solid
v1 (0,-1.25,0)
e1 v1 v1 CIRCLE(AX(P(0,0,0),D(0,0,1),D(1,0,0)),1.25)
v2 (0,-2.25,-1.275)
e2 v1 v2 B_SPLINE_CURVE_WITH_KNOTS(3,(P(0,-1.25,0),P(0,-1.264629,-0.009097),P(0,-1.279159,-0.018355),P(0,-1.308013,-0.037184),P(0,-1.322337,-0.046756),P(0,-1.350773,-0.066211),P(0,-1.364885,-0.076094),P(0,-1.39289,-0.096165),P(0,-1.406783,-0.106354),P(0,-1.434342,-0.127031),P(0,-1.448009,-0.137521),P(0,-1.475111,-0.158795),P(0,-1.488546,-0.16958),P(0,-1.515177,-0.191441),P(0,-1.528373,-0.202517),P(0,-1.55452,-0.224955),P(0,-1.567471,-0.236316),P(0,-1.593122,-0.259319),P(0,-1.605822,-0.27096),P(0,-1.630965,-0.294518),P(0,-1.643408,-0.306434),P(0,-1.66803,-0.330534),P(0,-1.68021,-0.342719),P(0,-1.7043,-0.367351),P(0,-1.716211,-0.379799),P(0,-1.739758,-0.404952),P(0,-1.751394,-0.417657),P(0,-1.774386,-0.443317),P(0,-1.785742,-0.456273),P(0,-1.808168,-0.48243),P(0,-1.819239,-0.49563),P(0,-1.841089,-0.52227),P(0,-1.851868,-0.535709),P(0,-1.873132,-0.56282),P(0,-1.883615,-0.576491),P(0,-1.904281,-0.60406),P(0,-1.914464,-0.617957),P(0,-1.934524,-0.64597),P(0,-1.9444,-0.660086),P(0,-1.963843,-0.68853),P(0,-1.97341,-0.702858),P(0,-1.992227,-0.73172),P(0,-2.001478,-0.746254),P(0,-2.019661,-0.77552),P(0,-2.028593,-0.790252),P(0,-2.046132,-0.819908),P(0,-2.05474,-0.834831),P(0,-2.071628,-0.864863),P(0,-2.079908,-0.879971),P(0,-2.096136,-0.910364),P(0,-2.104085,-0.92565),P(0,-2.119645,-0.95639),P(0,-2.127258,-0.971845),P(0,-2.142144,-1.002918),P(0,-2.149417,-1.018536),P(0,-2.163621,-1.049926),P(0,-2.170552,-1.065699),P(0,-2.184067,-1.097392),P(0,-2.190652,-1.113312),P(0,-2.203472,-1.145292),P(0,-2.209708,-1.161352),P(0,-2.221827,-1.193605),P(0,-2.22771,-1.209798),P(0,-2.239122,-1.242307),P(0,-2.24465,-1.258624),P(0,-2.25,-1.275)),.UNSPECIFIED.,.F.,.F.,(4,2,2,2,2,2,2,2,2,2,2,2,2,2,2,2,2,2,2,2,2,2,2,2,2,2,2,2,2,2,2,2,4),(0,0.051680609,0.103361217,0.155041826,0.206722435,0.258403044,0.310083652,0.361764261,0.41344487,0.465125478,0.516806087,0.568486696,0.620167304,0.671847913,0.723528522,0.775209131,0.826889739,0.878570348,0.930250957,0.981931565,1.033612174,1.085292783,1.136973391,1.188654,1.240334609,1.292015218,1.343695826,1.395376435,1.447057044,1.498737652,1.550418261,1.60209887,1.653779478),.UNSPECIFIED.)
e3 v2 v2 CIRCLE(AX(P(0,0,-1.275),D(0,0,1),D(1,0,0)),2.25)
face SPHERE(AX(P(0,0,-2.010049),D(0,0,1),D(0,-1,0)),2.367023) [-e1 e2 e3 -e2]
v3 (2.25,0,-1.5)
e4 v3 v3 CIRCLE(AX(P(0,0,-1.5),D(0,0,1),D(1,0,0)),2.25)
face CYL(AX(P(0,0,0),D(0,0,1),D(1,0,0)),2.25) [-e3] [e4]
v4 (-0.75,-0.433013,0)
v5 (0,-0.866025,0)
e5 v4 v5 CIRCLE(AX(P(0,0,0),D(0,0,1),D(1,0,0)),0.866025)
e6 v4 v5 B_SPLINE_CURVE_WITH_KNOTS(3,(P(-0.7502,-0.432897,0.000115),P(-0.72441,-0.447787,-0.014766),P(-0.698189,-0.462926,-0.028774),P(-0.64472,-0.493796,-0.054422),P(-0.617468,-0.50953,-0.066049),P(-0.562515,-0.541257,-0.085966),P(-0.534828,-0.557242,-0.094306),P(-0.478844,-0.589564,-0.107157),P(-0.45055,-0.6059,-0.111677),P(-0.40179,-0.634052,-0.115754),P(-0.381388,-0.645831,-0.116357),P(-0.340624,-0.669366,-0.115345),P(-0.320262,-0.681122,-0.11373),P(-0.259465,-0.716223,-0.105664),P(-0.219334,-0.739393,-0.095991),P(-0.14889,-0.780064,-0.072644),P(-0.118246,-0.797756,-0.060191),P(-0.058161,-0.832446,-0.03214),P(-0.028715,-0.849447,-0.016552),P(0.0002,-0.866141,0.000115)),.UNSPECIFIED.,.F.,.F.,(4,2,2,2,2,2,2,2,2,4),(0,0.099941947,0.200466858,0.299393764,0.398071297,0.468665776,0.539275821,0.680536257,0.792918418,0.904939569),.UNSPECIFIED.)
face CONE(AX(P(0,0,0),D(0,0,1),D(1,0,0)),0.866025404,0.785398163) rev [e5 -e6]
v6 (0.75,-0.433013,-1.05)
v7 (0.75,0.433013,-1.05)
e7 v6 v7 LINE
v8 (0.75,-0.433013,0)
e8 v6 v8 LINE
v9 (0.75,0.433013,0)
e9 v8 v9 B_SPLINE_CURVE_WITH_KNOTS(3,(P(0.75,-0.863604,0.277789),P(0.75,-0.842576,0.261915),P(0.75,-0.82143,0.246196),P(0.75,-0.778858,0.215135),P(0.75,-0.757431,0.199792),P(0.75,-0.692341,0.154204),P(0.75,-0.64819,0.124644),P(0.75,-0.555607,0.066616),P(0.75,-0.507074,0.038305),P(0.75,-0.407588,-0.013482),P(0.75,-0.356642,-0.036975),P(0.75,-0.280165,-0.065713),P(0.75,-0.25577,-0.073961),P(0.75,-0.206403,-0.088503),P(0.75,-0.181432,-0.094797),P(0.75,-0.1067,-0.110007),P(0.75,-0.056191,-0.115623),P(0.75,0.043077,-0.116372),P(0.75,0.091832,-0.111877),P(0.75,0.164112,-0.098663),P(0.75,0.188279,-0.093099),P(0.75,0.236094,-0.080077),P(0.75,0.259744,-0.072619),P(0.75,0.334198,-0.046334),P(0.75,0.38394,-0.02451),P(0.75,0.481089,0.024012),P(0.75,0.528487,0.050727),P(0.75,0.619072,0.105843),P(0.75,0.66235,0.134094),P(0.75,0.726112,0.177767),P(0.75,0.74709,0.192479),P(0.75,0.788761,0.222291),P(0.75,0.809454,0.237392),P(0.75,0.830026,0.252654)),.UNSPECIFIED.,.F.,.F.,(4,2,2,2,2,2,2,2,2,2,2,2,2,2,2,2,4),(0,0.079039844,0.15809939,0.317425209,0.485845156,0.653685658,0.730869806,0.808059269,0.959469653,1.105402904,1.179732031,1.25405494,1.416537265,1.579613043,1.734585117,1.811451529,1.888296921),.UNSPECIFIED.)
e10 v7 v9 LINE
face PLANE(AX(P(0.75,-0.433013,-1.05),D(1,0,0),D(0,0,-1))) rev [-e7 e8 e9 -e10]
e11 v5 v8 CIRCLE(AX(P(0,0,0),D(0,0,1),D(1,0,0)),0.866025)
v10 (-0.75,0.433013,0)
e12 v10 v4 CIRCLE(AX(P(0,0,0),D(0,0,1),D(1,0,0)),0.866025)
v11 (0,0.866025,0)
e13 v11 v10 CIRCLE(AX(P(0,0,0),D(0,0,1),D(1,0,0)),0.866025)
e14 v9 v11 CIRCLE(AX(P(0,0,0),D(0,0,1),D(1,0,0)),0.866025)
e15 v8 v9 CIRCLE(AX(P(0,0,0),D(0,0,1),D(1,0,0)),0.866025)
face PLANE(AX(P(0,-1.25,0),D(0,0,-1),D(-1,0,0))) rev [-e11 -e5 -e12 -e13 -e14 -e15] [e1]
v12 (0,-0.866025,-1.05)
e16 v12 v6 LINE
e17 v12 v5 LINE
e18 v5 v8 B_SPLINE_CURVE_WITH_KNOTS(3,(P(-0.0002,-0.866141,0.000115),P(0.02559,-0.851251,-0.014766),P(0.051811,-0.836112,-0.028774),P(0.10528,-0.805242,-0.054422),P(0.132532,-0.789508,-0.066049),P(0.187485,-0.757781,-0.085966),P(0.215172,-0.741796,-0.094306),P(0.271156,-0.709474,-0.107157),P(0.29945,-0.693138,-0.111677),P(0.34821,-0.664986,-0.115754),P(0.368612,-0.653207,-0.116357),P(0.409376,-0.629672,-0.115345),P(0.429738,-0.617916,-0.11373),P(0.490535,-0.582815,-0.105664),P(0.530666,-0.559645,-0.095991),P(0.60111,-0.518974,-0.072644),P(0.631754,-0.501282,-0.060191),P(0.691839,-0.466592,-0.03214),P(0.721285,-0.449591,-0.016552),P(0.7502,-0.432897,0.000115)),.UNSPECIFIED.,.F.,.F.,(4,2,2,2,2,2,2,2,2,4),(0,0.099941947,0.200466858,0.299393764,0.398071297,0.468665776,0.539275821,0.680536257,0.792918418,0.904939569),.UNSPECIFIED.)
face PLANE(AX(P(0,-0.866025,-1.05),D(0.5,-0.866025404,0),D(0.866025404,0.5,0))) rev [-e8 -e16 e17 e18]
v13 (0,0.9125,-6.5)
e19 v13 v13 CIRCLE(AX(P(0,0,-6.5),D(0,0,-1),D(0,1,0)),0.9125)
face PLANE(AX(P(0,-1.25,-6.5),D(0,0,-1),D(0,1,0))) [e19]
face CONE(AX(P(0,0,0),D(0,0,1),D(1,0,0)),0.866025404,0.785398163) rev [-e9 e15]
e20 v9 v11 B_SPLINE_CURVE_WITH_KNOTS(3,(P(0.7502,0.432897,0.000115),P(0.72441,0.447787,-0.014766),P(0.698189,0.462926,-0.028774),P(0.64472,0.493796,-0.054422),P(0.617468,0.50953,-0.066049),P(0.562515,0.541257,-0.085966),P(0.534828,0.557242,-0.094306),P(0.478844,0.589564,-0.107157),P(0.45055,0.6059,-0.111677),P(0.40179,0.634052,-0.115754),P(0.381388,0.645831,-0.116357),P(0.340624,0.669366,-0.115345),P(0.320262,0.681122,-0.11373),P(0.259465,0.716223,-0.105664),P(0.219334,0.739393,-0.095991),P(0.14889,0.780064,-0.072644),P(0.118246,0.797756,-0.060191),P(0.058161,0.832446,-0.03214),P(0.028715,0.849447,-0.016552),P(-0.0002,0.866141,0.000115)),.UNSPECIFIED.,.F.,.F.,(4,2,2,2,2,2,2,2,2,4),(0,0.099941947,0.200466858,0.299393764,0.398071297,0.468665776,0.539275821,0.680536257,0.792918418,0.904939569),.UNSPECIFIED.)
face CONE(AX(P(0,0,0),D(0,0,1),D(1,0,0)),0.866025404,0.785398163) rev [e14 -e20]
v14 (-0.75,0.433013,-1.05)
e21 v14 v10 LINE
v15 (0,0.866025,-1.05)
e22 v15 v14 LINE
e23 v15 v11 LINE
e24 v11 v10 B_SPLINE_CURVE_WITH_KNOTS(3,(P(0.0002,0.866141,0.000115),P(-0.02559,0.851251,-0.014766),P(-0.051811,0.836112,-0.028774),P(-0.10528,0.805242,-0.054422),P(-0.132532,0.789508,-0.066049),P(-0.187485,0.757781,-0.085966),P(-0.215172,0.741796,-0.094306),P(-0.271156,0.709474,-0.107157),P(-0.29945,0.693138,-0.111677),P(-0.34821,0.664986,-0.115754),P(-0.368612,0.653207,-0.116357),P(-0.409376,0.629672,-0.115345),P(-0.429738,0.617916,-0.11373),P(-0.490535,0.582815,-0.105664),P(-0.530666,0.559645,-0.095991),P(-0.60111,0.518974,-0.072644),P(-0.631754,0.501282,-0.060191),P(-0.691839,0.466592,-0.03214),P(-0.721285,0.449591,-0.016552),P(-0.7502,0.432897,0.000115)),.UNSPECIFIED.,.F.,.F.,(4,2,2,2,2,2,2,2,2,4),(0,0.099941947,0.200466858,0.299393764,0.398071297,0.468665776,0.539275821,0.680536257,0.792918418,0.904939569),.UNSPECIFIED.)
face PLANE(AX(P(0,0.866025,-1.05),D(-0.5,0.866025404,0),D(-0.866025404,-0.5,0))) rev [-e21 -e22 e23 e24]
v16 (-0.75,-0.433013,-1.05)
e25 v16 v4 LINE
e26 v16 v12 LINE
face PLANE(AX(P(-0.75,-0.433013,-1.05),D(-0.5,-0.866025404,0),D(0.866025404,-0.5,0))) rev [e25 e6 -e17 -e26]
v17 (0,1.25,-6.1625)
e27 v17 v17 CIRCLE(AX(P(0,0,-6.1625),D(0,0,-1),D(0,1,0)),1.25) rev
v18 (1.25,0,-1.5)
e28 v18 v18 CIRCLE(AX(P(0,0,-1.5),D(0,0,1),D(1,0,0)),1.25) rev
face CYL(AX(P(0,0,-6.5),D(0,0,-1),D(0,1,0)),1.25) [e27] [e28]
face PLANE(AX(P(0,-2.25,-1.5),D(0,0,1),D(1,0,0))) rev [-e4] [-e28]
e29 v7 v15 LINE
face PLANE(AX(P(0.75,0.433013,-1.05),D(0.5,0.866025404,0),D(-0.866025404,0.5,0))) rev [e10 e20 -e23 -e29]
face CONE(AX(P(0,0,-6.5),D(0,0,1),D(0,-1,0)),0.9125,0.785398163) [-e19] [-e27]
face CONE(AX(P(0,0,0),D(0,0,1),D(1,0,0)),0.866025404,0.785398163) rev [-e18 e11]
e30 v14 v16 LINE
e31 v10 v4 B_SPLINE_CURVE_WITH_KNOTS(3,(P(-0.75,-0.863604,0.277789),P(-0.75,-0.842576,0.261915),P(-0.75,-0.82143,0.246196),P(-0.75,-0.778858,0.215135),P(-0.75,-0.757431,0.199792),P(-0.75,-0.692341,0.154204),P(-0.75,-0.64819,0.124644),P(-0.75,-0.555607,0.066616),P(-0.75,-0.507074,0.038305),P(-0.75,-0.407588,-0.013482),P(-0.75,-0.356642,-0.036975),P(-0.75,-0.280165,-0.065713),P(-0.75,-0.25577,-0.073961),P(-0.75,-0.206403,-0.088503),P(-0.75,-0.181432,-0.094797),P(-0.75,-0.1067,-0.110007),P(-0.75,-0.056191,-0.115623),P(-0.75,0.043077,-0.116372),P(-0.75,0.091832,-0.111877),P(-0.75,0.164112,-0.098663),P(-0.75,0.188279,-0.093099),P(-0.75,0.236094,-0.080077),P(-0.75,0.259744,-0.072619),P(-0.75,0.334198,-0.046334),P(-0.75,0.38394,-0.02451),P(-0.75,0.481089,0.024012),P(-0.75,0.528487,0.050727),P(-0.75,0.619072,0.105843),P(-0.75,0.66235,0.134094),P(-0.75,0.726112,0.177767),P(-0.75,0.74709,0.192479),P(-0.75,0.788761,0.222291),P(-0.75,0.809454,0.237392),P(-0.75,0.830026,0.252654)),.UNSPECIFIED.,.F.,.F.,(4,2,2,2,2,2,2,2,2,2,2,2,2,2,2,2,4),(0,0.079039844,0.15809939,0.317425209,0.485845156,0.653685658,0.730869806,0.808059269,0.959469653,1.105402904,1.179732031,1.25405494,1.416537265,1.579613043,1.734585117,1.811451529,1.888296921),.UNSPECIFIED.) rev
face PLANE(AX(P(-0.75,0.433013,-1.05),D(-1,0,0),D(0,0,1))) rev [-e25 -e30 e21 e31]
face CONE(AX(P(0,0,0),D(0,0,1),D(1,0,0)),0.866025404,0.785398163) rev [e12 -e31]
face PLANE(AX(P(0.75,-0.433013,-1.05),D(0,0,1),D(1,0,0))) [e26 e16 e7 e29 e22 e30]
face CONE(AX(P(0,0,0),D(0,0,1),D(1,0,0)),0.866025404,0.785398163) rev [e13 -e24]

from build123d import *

# Parameters (mm, degrees)
SKETCH1_W          = 5
SKETCH1_H          = 1.25
CHAMFER1_SIZE      = 0.3375
CUT_EXTRUDE2_DEPTH = 1.05


with BuildPart() as part:
    # Sketch1 → Revolve1 (revolve)
    with BuildSketch(Plane(origin=(0, 0, 0), x_dir=(0, 0, -1), z_dir=(1, 0, 0))):
        with Locations((4, 0.625)):
            Rectangle(SKETCH1_W, SKETCH1_H)
    revolve(axis=Axis((0, 0, -6.5), (0, 0, 1)))

    # Chamfer1
    chamfer1_edges = [part.edges().sort_by_distance(p)[0] for p in [
        (0, -1.25, -6.5),
    ]]
    chamfer(chamfer1_edges, length=CHAMFER1_SIZE)

    # Sketch7 → Revolve2 (revolve)
    with BuildSketch(Plane(origin=(0, 0, 0), x_dir=(0, 0, -1), z_dir=(1, 0, 0))):
        with BuildLine():
            Line((1.275, 2.25), (1.5, 2.25))
            Line((1.5, 2.25), (1.5, 0))
            Line((1.5, 0), (0, 0))
            Line((0, 0), (0, 1.25))
            ThreePointArc((0, 1.25), (0.549264706, 1.8625), (1.275, 2.25))
        make_face()
    revolve(axis=Axis((0, 0, 0), (0, 0, -1)))

    # Sketch5 → Cut-Extrude2 (cut)
    with BuildSketch(Plane.XY):
        Polygon((0.75, -0.433012702), (0.75, 0.433012702), (0, 0.866025404), (-0.75, 0.433012702), (-0.75, -0.433012702), (0, -0.866025404), align=None)
    extrude(amount=-CUT_EXTRUDE2_DEPTH, mode=Mode.SUBTRACT)

    # Cut-Extrude3 cone 1 section (through the dimple's axis) → Cut-Extrude3 (revolve, cut)
    with BuildSketch(Plane(origin=(0, 0, 0), x_dir=(0, -1, 0), z_dir=(1, 0, 0))):
        Polygon((0, 0), (0.866025404, 0), (0, 0.866025404), align=None)
    revolve(axis=Axis((0, 0, 0), (0, 0, -1)), mode=Mode.SUBTRACT)


solid = part.part
